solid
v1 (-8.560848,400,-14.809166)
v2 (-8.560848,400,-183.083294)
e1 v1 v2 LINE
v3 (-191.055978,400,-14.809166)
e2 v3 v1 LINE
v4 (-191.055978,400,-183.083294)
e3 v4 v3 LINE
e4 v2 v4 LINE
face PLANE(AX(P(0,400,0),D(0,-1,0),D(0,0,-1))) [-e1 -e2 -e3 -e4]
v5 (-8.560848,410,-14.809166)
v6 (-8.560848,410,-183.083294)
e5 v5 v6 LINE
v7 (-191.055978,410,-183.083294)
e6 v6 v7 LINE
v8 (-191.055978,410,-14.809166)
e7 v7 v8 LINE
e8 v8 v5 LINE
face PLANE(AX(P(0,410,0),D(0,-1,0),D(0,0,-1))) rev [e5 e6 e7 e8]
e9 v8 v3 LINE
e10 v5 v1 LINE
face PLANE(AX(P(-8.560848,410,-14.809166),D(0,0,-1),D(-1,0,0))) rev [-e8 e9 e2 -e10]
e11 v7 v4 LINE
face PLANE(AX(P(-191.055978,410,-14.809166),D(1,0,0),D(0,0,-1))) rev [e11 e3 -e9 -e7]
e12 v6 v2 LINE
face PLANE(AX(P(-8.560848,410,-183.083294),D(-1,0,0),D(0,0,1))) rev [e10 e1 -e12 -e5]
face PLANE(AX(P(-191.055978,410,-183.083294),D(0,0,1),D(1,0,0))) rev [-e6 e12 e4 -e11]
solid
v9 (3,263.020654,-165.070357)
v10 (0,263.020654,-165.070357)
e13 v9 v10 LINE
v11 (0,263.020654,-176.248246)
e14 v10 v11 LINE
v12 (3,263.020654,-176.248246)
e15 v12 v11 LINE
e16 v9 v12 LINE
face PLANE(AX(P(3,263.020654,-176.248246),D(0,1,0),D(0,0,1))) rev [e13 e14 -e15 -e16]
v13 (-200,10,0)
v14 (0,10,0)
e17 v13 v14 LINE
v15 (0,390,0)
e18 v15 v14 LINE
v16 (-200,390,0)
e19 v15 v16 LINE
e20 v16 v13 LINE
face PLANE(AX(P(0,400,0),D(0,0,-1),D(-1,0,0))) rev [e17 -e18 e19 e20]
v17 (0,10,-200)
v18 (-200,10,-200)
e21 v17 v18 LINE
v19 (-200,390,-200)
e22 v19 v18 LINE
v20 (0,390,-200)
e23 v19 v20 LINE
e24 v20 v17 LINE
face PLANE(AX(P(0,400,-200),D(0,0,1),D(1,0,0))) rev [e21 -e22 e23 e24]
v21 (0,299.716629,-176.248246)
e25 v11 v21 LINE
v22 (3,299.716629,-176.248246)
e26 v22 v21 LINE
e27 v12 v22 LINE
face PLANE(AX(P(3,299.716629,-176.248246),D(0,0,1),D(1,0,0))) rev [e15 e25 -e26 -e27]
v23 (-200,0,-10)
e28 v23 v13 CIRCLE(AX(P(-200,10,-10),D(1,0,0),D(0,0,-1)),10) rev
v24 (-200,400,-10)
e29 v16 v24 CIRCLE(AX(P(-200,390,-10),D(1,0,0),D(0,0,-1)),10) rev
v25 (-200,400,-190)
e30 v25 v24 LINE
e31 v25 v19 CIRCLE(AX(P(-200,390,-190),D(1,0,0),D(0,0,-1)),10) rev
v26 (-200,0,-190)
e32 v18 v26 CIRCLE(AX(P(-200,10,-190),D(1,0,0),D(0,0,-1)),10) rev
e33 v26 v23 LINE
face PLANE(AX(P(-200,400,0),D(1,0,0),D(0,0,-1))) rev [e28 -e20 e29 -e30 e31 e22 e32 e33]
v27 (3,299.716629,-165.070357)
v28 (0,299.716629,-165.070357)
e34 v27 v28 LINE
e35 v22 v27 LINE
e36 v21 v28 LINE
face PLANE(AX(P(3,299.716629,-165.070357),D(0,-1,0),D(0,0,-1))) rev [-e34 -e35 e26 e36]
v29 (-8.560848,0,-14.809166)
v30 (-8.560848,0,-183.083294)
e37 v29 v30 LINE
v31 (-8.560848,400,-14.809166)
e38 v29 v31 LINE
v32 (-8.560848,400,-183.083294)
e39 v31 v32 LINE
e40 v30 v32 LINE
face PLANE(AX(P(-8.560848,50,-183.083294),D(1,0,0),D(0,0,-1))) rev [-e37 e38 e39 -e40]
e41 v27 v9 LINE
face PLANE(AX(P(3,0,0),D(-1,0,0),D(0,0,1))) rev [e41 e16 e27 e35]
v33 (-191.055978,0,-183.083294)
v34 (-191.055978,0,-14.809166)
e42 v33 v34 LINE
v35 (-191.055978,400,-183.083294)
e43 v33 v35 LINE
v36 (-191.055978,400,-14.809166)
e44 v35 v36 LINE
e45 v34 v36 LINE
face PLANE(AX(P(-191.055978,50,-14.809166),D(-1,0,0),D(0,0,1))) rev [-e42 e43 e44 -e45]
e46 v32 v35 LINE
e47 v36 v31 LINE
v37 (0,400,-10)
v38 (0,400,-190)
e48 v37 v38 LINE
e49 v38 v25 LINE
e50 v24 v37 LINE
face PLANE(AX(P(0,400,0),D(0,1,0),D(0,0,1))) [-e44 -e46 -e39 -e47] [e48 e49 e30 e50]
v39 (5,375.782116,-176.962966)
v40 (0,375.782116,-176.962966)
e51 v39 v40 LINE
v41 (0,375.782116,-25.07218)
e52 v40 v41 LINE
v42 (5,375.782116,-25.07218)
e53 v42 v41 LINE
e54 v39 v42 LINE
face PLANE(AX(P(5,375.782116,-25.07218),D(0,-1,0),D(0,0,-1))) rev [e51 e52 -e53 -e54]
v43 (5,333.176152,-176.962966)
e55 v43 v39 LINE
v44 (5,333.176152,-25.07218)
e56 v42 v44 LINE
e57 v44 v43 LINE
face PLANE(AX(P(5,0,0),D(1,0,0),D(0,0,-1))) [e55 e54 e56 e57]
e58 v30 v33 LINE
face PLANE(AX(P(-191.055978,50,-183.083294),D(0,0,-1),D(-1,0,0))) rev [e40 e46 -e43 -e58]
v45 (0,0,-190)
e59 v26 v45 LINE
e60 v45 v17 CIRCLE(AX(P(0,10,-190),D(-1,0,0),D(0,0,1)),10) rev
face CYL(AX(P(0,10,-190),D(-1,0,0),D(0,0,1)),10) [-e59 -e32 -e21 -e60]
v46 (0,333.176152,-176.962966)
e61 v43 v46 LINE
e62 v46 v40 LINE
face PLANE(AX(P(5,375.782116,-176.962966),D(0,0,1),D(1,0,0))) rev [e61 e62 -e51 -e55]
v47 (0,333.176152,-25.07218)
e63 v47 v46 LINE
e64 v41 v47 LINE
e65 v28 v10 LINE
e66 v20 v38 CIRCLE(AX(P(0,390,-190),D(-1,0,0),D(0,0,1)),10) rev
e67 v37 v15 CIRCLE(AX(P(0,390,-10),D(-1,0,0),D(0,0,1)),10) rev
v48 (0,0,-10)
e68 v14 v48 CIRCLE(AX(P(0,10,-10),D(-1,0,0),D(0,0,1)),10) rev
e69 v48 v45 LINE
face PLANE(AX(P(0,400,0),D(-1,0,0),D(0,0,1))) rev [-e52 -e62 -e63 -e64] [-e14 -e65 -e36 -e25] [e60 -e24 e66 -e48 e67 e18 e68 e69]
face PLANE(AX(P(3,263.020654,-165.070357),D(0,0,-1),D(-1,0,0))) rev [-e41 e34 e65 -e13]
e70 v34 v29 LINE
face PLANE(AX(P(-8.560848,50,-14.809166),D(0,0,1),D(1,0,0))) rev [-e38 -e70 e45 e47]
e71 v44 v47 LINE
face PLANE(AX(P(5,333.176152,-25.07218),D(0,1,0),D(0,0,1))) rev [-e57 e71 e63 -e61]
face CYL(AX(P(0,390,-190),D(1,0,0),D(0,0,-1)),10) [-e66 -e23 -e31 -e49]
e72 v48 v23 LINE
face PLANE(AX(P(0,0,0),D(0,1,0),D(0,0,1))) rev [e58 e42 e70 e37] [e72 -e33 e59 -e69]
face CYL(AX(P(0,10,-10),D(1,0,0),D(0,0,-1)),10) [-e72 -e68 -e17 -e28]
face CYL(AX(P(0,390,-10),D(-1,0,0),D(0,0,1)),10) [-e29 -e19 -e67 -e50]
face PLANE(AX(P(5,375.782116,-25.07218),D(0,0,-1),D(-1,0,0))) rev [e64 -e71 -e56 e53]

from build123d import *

# Parameters (mm, degrees)
SKETCH1_W           = 200
SKETCH1_H           = 200
BOSS_EXTRUDE1_DEPTH = 400
FILLET1_R           = 10
FILLET2_R           = 10
FILLET3_R           = 10
FILLET4_R           = 10
SKETCH2_W           = 151.890786039
SKETCH2_H           = 42.605964066
BOSS_EXTRUDE2_DEPTH = 5
SKETCH3_W           = 11.177888606
SKETCH3_H           = 36.695974833
BOSS_EXTRUDE3_DEPTH = 3
SKETCH4_W           = 182.495130058
SKETCH4_H           = 168.274128296
CUT_EXTRUDE1_DEPTH  = 350
SKETCH5_W           = 182.495130058
SKETCH5_H           = 168.274128296
CUT_EXTRUDE2_DEPTH  = 175
SKETCH6_W           = 182.495130058
SKETCH6_H           = 168.274128296
BOSS_EXTRUDE4_DEPTH = 10


with BuildPart() as part:
    # Sketch1 → Boss-Extrude1 (new body)
    with BuildSketch(Plane(origin=(0, 0, 0), x_dir=(1, 0, 0), z_dir=(0, 1, 0))):
        with Locations((-100, 100)):
            Rectangle(SKETCH1_W, SKETCH1_H)
    extrude(amount=BOSS_EXTRUDE1_DEPTH)

    # Fillet1
    fillet1_edges = [part.edges().sort_by_distance(p)[0] for p in [
        (-100, 400, 0),
    ]]
    fillet(fillet1_edges, radius=FILLET1_R)

    # Fillet2
    fillet2_edges = [part.edges().sort_by_distance(p)[0] for p in [
        (-100, 400, -200),
    ]]
    fillet(fillet2_edges, radius=FILLET2_R)

    # Fillet3
    fillet3_edges = [part.edges().sort_by_distance(p)[0] for p in [
        (-100, 0, 0),
    ]]
    fillet(fillet3_edges, radius=FILLET3_R)

    # Fillet4
    fillet4_edges = [part.edges().sort_by_distance(p)[0] for p in [
        (-100, 0, -200),
    ]]
    fillet(fillet4_edges, radius=FILLET4_R)

    # Sketch2 → Boss-Extrude2 (add)
    with BuildSketch(Plane(origin=(0, 0, 0), x_dir=(0, 0, -1), z_dir=(1, 0, 0))):
        with Locations((101.017573134, 354.479134096)):
            Rectangle(SKETCH2_W, SKETCH2_H)
    extrude(amount=BOSS_EXTRUDE2_DEPTH)

    # Sketch3 → Boss-Extrude3 (add)
    with BuildSketch(Plane(origin=(0, 0, 0), x_dir=(0, 0, -1), z_dir=(1, 0, 0))):
        with Locations((170.659301247, 281.368641249)):
            Rectangle(SKETCH3_W, SKETCH3_H)
    extrude(amount=BOSS_EXTRUDE3_DEPTH)

    # Sketch4 → Cut-Extrude1 (cut)
    with BuildSketch(Plane(origin=(0, 400, 0), x_dir=(1, 0, 0), z_dir=(0, 1, 0))):
        with Locations((-99.808413428, 98.946230153)):
            Rectangle(SKETCH4_W, SKETCH4_H)
    extrude(amount=-CUT_EXTRUDE1_DEPTH, mode=Mode.SUBTRACT)

    # Sketch5 → Cut-Extrude2 (cut)
    with BuildSketch(Plane(origin=(0, 50, 0), x_dir=(1, 0, 0), z_dir=(0, 1, 0))):
        with Locations((-99.808413428, 98.946230153)):
            Rectangle(SKETCH5_W, SKETCH5_H)
    extrude(amount=-CUT_EXTRUDE2_DEPTH, mode=Mode.SUBTRACT)


with BuildPart() as body_2:
    # Sketch6 → Boss-Extrude4 (new body)
    with BuildSketch(Plane(origin=(0, 400, 0), x_dir=(1, 0, 0), z_dir=(0, 1, 0))):
        with Locations((-99.808413428, 98.946230153)):
            Rectangle(SKETCH6_W, SKETCH6_H)
    extrude(amount=BOSS_EXTRUDE4_DEPTH)


solid = Compound([part.part, body_2.part])
